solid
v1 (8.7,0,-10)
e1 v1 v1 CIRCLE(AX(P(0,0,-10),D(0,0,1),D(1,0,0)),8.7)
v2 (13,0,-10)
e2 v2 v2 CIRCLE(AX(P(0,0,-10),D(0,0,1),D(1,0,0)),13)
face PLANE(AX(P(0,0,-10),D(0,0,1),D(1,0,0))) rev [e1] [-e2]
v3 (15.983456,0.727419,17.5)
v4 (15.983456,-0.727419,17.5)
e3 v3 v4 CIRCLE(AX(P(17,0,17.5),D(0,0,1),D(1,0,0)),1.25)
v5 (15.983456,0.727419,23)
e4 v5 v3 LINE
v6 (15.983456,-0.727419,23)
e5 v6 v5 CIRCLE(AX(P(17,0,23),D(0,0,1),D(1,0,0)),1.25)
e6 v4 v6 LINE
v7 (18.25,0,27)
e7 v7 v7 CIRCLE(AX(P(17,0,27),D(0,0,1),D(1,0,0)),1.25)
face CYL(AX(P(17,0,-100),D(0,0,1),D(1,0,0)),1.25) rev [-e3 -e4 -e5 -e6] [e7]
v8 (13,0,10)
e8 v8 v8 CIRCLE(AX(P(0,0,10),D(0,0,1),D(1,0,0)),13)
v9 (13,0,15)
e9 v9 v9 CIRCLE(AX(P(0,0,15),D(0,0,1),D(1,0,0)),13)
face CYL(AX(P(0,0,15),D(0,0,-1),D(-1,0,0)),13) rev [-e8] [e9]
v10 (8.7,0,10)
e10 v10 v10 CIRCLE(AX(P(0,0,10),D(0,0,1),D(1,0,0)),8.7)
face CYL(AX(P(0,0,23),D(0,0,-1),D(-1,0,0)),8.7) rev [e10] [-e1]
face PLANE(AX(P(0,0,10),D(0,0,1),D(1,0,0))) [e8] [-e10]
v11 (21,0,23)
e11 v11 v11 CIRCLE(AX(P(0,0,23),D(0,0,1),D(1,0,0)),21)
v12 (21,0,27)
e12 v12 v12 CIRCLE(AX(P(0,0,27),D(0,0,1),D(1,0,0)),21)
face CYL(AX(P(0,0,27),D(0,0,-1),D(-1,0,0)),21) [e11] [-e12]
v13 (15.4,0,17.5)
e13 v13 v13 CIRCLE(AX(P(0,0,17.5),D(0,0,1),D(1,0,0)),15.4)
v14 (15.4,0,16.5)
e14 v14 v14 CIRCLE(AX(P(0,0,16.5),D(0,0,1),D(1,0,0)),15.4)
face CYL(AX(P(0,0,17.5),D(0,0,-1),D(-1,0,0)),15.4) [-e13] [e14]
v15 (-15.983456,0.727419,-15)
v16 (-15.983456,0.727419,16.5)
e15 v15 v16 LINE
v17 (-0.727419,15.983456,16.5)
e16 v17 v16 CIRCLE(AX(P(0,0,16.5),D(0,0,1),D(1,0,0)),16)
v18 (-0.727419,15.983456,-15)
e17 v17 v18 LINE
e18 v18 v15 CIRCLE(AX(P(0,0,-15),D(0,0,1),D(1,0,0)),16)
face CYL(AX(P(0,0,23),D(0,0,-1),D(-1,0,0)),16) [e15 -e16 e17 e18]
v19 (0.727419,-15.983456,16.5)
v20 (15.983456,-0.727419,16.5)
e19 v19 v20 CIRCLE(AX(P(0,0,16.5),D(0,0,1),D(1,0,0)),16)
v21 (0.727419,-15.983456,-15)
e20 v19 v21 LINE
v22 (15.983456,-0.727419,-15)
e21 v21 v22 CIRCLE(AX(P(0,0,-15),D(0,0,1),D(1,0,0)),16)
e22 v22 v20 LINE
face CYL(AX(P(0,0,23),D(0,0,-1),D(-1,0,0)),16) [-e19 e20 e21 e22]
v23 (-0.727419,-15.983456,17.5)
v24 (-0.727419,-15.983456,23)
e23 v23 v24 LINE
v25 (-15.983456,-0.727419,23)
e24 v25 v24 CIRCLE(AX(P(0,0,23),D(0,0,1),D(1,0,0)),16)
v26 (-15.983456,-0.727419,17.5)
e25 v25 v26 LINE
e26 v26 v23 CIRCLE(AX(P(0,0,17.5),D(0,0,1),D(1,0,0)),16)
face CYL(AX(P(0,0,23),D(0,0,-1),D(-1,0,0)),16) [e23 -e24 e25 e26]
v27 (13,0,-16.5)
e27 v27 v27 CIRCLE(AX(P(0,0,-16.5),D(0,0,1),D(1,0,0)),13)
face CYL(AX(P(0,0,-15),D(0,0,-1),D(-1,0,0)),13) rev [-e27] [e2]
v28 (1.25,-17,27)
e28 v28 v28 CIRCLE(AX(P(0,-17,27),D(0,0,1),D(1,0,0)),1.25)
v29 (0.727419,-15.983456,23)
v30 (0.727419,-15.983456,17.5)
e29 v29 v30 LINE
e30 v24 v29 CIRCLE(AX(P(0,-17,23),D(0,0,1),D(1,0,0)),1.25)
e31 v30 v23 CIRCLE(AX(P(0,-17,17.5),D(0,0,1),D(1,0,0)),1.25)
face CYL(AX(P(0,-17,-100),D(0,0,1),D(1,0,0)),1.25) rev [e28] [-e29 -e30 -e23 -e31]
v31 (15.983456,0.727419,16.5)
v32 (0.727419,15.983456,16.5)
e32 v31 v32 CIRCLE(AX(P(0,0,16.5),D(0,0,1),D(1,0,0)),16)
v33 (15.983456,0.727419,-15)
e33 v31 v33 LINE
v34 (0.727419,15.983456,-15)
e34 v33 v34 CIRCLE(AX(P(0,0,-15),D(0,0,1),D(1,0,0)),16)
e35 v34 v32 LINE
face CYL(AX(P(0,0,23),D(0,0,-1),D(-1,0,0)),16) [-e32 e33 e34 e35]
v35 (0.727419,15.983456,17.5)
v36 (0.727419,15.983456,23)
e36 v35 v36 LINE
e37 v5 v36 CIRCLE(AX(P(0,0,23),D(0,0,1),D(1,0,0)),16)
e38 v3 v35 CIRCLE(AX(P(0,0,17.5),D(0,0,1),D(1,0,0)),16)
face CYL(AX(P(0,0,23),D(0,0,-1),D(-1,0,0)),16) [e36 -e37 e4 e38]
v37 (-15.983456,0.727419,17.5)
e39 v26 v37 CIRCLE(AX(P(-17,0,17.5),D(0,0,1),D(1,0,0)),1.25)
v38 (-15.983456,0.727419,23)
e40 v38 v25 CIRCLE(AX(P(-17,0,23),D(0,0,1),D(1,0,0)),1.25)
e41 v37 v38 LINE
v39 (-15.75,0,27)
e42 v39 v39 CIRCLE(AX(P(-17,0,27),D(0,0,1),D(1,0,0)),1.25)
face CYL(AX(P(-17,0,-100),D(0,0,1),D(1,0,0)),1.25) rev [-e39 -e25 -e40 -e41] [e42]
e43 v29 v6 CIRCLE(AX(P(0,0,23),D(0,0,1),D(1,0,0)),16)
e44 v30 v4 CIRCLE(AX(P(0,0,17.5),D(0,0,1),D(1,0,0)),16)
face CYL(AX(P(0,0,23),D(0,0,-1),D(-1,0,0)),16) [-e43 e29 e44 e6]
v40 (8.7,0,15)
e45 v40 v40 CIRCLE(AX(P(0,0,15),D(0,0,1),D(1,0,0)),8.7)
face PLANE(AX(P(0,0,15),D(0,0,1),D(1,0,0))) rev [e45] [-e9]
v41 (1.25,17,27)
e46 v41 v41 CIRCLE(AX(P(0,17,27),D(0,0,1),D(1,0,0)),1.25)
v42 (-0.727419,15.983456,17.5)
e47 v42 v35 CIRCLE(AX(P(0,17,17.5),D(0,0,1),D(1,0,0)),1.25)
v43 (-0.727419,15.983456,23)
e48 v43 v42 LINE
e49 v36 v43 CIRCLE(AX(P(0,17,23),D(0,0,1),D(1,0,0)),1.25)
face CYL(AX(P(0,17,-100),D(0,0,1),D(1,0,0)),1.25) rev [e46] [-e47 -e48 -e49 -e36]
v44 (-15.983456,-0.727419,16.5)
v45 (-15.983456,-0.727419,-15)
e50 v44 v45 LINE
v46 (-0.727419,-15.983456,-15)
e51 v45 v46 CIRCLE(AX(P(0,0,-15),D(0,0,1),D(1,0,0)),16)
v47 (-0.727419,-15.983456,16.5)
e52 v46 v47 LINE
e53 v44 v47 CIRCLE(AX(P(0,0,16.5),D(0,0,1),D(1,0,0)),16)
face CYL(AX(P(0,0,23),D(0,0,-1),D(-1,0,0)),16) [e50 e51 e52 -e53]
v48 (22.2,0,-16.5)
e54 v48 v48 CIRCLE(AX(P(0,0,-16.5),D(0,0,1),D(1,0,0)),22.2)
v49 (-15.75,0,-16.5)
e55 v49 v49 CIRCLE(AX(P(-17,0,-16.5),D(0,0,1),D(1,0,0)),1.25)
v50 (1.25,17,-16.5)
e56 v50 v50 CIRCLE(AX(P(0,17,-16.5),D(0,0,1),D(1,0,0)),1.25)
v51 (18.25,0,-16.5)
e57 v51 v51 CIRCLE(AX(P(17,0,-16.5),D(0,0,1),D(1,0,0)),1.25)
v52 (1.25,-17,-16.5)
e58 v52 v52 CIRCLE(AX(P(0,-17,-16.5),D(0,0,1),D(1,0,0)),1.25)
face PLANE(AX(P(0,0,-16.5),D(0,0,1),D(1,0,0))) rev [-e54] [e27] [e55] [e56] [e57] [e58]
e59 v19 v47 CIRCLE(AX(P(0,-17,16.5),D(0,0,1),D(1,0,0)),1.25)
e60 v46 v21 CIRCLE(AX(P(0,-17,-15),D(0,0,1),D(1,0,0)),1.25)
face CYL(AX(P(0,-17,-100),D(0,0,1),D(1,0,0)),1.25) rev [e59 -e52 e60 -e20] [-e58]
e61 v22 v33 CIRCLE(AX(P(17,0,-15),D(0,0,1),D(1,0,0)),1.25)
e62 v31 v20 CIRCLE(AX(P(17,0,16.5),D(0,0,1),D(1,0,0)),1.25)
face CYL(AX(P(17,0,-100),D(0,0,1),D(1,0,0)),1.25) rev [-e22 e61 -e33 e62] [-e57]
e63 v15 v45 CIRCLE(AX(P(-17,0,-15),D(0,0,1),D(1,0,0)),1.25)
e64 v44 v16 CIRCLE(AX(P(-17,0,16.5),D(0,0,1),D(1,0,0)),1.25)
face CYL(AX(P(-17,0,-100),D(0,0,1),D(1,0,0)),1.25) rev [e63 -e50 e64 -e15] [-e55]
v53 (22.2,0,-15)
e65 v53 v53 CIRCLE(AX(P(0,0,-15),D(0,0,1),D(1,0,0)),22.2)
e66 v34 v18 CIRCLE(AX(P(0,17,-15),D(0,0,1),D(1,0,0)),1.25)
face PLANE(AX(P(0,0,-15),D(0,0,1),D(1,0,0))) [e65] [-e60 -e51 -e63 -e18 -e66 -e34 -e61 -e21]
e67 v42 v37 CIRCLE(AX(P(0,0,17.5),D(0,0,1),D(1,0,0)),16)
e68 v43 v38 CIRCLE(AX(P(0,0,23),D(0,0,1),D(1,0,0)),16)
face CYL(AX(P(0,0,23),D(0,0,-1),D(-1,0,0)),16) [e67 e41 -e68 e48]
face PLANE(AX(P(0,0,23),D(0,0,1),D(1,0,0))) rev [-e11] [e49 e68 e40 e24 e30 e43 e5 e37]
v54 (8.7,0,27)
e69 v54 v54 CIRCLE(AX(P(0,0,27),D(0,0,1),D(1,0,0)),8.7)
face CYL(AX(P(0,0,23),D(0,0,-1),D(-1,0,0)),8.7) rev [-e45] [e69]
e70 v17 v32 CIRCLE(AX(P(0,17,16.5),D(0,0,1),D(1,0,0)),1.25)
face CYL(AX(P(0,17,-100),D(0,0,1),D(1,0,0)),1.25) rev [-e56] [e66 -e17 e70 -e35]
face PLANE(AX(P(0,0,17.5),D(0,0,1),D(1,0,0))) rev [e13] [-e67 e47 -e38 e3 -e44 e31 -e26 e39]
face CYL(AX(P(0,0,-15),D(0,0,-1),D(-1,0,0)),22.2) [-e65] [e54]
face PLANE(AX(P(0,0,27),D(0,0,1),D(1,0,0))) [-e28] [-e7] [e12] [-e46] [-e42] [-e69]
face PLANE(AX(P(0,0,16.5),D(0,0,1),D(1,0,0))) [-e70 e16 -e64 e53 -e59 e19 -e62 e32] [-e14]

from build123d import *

# Parameters (mm, degrees)
HOLLOW_HUB_START               = -15
SKETCH_1_R                     = 16
SKETCH_1_R_2                   = 8.7
HOLLOW_HUB_DEPTH               = 38
REAR_STACK_FLANGE_START        = -16.5
SKETCH_2_R                     = 22.2
SKETCH_2_R_2                   = 13
REAR_STACK_FLANGE_DEPTH        = 1.5
SUN_MOUNT_FLANGE_START         = 23
SKETCH_3_R                     = 21
SKETCH_3_R_2                   = 8.7
SUN_MOUNT_FLANGE_DEPTH         = 4
REAR_ROTOR_BEARING_SEAT_START  = -15
SKETCH_4_R                     = 13
REAR_ROTOR_BEARING_SEAT_DEPTH  = 5
FRONT_ROTOR_BEARING_SEAT_START = 10
SKETCH_5_R                     = 13
FRONT_ROTOR_BEARING_SEAT_DEPTH = 5
CIRCLIP_GROOVE_START           = 16.5
SKETCH_6_R                     = 17
SKETCH_6_R_2                   = 15.4
CIRCLIP_GROOVE_DEPTH           = 1
SKETCH_7_R                     = 1.25
THROUGH_HOLES_DEPTH            = 100


with BuildPart() as part:
    # Эскиз1 → Hollow_hub (new body)
    with BuildSketch(Plane.XY.offset(HOLLOW_HUB_START)):
        Circle(SKETCH_1_R)
        Circle(SKETCH_1_R_2, mode=Mode.SUBTRACT)
    extrude(amount=HOLLOW_HUB_DEPTH)

    # Эскиз2 → Rear_stack_flange (add)
    with BuildSketch(Plane.XY.offset(REAR_STACK_FLANGE_START)):
        Circle(SKETCH_2_R)
        Circle(SKETCH_2_R_2, mode=Mode.SUBTRACT)
    extrude(amount=REAR_STACK_FLANGE_DEPTH)

    # Эскиз3 → Sun_mount_flange (add)
    with BuildSketch(Plane.XY.offset(SUN_MOUNT_FLANGE_START)):
        Circle(SKETCH_3_R)
        Circle(SKETCH_3_R_2, mode=Mode.SUBTRACT)
    extrude(amount=SUN_MOUNT_FLANGE_DEPTH)

    # Эскиз4 → Rear_rotor_bearing_seat (cut)
    with BuildSketch(Plane.XY.offset(REAR_ROTOR_BEARING_SEAT_START)):
        Circle(SKETCH_4_R)
    extrude(amount=REAR_ROTOR_BEARING_SEAT_DEPTH, mode=Mode.SUBTRACT)

    # Эскиз5 → Front_rotor_bearing_seat (cut)
    with BuildSketch(Plane.XY.offset(FRONT_ROTOR_BEARING_SEAT_START)):
        Circle(SKETCH_5_R)
    extrude(amount=FRONT_ROTOR_BEARING_SEAT_DEPTH, mode=Mode.SUBTRACT)

    # Эскиз6 → Circlip_groove (cut)
    with BuildSketch(Plane.XY.offset(CIRCLIP_GROOVE_START)):
        Circle(SKETCH_6_R)
        Circle(SKETCH_6_R_2, mode=Mode.SUBTRACT)
    extrude(amount=CIRCLIP_GROOVE_DEPTH, mode=Mode.SUBTRACT)

    # Эскиз7 → Through_holes (cut, symmetric)
    with BuildSketch(Plane.XY):
        with Locations((17, 0)):
            Circle(SKETCH_7_R)
        with Locations((0, 17)):
            Circle(SKETCH_7_R)
        with Locations((-17, 0)):
            Circle(SKETCH_7_R)
        with Locations((0, -17)):
            Circle(SKETCH_7_R)
    extrude(amount=THROUGH_HOLES_DEPTH, both=True, mode=Mode.SUBTRACT)


solid = part.part
